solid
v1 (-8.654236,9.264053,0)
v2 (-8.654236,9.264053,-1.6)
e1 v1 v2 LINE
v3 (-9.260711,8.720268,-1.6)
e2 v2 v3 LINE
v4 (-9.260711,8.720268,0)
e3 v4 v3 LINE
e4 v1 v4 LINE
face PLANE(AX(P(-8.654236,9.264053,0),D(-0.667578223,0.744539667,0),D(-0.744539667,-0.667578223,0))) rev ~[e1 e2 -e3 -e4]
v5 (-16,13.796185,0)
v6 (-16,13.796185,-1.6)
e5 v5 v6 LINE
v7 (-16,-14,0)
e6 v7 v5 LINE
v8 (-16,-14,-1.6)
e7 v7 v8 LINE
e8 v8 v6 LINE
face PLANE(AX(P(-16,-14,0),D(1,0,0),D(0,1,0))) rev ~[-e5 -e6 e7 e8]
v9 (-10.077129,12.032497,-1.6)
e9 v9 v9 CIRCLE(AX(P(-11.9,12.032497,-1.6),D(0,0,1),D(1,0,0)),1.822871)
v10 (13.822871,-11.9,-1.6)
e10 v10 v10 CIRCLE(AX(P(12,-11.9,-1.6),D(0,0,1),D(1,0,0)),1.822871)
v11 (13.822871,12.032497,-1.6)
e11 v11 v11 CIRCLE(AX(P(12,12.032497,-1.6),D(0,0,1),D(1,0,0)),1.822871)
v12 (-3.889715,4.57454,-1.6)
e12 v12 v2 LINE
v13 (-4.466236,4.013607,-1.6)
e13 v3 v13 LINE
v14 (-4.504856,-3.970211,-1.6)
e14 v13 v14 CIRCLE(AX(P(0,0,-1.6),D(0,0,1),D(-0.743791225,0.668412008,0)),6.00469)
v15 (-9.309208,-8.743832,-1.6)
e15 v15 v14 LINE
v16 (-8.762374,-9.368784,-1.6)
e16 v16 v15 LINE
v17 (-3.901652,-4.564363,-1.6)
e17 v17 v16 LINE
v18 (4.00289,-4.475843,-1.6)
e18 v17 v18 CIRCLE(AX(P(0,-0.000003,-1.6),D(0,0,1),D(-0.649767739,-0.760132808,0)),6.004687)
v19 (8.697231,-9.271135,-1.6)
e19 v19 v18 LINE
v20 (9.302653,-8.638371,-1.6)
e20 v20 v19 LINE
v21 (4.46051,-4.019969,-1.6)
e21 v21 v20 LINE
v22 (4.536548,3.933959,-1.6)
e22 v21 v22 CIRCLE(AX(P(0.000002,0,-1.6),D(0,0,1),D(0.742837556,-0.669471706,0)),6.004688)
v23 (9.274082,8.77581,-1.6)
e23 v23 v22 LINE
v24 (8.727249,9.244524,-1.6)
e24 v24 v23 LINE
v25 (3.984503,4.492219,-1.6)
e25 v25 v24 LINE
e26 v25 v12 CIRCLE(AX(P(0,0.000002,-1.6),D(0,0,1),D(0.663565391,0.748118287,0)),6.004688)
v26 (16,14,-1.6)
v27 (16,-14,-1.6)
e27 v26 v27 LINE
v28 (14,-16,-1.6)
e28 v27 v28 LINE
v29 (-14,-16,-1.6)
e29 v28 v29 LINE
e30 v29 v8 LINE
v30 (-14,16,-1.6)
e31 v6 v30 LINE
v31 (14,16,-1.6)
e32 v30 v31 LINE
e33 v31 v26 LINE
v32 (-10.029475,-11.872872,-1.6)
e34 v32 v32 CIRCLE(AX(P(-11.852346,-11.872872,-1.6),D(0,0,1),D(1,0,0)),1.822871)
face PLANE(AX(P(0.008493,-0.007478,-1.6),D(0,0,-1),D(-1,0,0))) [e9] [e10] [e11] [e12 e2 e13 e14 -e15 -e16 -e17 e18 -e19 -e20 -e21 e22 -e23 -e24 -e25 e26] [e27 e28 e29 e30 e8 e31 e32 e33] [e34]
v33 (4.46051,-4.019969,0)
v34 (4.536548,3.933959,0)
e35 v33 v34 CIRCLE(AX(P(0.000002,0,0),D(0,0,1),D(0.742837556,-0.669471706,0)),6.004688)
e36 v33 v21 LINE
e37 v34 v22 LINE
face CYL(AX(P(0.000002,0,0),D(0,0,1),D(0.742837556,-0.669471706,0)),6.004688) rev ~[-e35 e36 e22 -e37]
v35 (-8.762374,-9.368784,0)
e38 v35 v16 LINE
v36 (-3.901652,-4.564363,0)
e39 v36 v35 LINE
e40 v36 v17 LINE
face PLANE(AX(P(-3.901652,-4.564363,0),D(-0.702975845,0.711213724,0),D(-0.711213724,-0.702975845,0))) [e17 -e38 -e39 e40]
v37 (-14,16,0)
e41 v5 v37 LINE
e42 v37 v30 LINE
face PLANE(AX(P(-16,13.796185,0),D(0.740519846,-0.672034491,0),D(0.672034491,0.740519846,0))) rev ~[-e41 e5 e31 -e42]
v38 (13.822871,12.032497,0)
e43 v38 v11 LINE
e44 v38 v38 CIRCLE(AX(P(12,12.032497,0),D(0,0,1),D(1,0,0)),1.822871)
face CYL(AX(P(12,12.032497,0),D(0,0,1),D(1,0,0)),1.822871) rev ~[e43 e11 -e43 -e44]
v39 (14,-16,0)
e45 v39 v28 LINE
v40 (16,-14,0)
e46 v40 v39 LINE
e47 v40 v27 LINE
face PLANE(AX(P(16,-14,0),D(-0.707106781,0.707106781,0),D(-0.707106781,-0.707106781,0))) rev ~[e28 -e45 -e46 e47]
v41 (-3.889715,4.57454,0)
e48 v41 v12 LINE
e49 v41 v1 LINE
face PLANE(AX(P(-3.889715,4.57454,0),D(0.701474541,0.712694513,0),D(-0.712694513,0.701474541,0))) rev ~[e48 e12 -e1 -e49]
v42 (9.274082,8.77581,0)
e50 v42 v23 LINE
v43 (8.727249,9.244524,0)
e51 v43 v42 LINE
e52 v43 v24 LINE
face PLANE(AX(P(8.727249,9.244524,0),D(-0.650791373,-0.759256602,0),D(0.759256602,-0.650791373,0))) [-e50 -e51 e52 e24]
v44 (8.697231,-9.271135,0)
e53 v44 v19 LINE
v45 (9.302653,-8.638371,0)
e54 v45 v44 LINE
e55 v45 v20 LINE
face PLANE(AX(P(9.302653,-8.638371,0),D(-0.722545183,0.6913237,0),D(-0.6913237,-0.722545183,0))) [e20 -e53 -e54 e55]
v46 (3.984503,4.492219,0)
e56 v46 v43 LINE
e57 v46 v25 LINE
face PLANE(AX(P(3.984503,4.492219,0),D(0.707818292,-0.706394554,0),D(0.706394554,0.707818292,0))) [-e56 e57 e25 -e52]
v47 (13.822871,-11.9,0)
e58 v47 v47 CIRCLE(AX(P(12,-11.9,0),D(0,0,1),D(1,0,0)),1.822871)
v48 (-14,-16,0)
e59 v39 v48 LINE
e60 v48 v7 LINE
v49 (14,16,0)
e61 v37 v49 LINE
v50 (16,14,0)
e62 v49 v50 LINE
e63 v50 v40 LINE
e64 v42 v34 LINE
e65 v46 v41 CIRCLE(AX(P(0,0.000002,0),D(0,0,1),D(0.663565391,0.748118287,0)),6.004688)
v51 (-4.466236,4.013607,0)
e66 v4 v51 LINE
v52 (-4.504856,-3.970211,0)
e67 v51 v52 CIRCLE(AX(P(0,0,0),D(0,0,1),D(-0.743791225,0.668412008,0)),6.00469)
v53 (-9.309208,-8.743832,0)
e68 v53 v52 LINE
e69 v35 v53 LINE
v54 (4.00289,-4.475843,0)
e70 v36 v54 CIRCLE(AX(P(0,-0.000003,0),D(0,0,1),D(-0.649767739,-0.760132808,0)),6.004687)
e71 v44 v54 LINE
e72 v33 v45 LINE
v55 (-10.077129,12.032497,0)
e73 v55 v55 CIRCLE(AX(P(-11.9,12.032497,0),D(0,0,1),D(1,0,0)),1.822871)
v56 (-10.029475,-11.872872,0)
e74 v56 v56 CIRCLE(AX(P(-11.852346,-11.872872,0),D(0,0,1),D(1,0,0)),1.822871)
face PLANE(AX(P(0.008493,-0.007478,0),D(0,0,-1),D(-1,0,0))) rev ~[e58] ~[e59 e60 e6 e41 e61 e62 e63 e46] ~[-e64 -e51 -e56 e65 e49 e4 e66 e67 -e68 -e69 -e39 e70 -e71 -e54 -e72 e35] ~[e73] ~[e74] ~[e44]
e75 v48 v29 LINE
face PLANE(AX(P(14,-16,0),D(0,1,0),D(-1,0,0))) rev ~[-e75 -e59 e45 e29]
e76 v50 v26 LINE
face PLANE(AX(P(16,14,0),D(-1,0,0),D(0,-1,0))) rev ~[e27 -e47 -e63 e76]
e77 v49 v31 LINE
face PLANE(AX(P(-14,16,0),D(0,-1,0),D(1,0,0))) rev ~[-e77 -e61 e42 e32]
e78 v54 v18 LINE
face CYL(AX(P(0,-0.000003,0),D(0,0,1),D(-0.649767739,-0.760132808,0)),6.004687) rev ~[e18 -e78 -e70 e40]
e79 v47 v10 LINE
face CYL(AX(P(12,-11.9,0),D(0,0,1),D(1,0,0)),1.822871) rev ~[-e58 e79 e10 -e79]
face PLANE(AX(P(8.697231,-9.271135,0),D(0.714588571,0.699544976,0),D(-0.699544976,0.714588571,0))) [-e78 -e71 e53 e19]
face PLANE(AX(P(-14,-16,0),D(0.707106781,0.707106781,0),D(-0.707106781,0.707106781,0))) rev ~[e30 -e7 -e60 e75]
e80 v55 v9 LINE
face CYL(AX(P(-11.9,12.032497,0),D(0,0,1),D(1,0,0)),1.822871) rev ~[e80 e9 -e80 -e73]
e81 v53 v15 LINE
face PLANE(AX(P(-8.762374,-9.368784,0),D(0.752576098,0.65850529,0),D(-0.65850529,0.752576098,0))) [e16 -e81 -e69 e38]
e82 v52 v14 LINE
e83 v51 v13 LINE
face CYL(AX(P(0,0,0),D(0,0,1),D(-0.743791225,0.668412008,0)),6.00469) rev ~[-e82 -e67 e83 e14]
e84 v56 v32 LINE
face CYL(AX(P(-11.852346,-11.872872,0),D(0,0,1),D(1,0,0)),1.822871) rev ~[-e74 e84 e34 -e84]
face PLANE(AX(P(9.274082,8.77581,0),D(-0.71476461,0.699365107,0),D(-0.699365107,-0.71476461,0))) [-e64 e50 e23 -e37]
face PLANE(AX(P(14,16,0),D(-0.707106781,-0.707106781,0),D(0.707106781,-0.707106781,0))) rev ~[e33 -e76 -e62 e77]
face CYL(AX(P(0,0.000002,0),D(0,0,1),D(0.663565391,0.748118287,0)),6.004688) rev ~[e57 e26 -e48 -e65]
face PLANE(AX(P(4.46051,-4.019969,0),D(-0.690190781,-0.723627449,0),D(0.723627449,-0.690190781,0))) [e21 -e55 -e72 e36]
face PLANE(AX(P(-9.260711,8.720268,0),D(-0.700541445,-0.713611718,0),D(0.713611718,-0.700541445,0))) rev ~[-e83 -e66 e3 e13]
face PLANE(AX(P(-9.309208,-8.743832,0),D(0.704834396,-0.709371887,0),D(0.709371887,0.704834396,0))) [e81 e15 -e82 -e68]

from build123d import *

# Parameters (mm, degrees)
SKETCH_R  = 1.822871
PAD_DEPTH = 1.6


with BuildPart() as part:
    # Sketch → Pad (new body)
    with BuildSketch(Plane.XY):
        Polygon((14, 16), (16, 14), (16, -14), (14, -16), (-14, -16), (-16, -14), (-16, 13.796185), (-14, 16), align=None)
        with Locations((-11.9, 12.032497)):
            Circle(SKETCH_R, mode=Mode.SUBTRACT)
        with Locations((12, 12.032497)):
            Circle(SKETCH_R, mode=Mode.SUBTRACT)
        with Locations((-11.852346, -11.872872)):
            Circle(SKETCH_R, mode=Mode.SUBTRACT)
        with Locations((12, -11.9)):
            Circle(SKETCH_R, mode=Mode.SUBTRACT)
        with BuildLine():
            ThreePointArc((3.984503, 4.492219), (0.062772, 6.004362), (-3.889715, 4.57454))
            Line((-3.889715, 4.57454), (-8.654236, 9.264053))
            Line((-8.654236, 9.264053), (-9.260711, 8.720268))
            Line((-9.260711, 8.720268), (-4.466236, 4.013607))
            ThreePointArc((-4.466236, 4.013607), (-6.00462, 0.029046), (-4.504856, -3.970211))
            Line((-9.309208, -8.743832), (-4.504856, -3.970211))
            Line((-8.762374, -9.368784), (-9.309208, -8.743832))
            Line((-3.901652, -4.564363), (-8.762374, -9.368784))
            ThreePointArc((-3.901652, -4.564363), (0.06724, -6.004314), (4.00289, -4.475843))
            Line((8.697231, -9.271135), (4.00289, -4.475843))
            Line((9.302653, -8.638371), (8.697231, -9.271135))
            Line((4.46051, -4.019969), (9.302653, -8.638371))
            ThreePointArc((4.46051, -4.019969), (6.004416, -0.057401), (4.536548, 3.933959))
            Line((9.274082, 8.77581), (4.536548, 3.933959))
            Line((8.727249, 9.244524), (9.274082, 8.77581))
            Line((3.984503, 4.492219), (8.727249, 9.244524))
        make_face(mode=Mode.SUBTRACT)
    extrude(amount=-PAD_DEPTH)


solid = part.part
